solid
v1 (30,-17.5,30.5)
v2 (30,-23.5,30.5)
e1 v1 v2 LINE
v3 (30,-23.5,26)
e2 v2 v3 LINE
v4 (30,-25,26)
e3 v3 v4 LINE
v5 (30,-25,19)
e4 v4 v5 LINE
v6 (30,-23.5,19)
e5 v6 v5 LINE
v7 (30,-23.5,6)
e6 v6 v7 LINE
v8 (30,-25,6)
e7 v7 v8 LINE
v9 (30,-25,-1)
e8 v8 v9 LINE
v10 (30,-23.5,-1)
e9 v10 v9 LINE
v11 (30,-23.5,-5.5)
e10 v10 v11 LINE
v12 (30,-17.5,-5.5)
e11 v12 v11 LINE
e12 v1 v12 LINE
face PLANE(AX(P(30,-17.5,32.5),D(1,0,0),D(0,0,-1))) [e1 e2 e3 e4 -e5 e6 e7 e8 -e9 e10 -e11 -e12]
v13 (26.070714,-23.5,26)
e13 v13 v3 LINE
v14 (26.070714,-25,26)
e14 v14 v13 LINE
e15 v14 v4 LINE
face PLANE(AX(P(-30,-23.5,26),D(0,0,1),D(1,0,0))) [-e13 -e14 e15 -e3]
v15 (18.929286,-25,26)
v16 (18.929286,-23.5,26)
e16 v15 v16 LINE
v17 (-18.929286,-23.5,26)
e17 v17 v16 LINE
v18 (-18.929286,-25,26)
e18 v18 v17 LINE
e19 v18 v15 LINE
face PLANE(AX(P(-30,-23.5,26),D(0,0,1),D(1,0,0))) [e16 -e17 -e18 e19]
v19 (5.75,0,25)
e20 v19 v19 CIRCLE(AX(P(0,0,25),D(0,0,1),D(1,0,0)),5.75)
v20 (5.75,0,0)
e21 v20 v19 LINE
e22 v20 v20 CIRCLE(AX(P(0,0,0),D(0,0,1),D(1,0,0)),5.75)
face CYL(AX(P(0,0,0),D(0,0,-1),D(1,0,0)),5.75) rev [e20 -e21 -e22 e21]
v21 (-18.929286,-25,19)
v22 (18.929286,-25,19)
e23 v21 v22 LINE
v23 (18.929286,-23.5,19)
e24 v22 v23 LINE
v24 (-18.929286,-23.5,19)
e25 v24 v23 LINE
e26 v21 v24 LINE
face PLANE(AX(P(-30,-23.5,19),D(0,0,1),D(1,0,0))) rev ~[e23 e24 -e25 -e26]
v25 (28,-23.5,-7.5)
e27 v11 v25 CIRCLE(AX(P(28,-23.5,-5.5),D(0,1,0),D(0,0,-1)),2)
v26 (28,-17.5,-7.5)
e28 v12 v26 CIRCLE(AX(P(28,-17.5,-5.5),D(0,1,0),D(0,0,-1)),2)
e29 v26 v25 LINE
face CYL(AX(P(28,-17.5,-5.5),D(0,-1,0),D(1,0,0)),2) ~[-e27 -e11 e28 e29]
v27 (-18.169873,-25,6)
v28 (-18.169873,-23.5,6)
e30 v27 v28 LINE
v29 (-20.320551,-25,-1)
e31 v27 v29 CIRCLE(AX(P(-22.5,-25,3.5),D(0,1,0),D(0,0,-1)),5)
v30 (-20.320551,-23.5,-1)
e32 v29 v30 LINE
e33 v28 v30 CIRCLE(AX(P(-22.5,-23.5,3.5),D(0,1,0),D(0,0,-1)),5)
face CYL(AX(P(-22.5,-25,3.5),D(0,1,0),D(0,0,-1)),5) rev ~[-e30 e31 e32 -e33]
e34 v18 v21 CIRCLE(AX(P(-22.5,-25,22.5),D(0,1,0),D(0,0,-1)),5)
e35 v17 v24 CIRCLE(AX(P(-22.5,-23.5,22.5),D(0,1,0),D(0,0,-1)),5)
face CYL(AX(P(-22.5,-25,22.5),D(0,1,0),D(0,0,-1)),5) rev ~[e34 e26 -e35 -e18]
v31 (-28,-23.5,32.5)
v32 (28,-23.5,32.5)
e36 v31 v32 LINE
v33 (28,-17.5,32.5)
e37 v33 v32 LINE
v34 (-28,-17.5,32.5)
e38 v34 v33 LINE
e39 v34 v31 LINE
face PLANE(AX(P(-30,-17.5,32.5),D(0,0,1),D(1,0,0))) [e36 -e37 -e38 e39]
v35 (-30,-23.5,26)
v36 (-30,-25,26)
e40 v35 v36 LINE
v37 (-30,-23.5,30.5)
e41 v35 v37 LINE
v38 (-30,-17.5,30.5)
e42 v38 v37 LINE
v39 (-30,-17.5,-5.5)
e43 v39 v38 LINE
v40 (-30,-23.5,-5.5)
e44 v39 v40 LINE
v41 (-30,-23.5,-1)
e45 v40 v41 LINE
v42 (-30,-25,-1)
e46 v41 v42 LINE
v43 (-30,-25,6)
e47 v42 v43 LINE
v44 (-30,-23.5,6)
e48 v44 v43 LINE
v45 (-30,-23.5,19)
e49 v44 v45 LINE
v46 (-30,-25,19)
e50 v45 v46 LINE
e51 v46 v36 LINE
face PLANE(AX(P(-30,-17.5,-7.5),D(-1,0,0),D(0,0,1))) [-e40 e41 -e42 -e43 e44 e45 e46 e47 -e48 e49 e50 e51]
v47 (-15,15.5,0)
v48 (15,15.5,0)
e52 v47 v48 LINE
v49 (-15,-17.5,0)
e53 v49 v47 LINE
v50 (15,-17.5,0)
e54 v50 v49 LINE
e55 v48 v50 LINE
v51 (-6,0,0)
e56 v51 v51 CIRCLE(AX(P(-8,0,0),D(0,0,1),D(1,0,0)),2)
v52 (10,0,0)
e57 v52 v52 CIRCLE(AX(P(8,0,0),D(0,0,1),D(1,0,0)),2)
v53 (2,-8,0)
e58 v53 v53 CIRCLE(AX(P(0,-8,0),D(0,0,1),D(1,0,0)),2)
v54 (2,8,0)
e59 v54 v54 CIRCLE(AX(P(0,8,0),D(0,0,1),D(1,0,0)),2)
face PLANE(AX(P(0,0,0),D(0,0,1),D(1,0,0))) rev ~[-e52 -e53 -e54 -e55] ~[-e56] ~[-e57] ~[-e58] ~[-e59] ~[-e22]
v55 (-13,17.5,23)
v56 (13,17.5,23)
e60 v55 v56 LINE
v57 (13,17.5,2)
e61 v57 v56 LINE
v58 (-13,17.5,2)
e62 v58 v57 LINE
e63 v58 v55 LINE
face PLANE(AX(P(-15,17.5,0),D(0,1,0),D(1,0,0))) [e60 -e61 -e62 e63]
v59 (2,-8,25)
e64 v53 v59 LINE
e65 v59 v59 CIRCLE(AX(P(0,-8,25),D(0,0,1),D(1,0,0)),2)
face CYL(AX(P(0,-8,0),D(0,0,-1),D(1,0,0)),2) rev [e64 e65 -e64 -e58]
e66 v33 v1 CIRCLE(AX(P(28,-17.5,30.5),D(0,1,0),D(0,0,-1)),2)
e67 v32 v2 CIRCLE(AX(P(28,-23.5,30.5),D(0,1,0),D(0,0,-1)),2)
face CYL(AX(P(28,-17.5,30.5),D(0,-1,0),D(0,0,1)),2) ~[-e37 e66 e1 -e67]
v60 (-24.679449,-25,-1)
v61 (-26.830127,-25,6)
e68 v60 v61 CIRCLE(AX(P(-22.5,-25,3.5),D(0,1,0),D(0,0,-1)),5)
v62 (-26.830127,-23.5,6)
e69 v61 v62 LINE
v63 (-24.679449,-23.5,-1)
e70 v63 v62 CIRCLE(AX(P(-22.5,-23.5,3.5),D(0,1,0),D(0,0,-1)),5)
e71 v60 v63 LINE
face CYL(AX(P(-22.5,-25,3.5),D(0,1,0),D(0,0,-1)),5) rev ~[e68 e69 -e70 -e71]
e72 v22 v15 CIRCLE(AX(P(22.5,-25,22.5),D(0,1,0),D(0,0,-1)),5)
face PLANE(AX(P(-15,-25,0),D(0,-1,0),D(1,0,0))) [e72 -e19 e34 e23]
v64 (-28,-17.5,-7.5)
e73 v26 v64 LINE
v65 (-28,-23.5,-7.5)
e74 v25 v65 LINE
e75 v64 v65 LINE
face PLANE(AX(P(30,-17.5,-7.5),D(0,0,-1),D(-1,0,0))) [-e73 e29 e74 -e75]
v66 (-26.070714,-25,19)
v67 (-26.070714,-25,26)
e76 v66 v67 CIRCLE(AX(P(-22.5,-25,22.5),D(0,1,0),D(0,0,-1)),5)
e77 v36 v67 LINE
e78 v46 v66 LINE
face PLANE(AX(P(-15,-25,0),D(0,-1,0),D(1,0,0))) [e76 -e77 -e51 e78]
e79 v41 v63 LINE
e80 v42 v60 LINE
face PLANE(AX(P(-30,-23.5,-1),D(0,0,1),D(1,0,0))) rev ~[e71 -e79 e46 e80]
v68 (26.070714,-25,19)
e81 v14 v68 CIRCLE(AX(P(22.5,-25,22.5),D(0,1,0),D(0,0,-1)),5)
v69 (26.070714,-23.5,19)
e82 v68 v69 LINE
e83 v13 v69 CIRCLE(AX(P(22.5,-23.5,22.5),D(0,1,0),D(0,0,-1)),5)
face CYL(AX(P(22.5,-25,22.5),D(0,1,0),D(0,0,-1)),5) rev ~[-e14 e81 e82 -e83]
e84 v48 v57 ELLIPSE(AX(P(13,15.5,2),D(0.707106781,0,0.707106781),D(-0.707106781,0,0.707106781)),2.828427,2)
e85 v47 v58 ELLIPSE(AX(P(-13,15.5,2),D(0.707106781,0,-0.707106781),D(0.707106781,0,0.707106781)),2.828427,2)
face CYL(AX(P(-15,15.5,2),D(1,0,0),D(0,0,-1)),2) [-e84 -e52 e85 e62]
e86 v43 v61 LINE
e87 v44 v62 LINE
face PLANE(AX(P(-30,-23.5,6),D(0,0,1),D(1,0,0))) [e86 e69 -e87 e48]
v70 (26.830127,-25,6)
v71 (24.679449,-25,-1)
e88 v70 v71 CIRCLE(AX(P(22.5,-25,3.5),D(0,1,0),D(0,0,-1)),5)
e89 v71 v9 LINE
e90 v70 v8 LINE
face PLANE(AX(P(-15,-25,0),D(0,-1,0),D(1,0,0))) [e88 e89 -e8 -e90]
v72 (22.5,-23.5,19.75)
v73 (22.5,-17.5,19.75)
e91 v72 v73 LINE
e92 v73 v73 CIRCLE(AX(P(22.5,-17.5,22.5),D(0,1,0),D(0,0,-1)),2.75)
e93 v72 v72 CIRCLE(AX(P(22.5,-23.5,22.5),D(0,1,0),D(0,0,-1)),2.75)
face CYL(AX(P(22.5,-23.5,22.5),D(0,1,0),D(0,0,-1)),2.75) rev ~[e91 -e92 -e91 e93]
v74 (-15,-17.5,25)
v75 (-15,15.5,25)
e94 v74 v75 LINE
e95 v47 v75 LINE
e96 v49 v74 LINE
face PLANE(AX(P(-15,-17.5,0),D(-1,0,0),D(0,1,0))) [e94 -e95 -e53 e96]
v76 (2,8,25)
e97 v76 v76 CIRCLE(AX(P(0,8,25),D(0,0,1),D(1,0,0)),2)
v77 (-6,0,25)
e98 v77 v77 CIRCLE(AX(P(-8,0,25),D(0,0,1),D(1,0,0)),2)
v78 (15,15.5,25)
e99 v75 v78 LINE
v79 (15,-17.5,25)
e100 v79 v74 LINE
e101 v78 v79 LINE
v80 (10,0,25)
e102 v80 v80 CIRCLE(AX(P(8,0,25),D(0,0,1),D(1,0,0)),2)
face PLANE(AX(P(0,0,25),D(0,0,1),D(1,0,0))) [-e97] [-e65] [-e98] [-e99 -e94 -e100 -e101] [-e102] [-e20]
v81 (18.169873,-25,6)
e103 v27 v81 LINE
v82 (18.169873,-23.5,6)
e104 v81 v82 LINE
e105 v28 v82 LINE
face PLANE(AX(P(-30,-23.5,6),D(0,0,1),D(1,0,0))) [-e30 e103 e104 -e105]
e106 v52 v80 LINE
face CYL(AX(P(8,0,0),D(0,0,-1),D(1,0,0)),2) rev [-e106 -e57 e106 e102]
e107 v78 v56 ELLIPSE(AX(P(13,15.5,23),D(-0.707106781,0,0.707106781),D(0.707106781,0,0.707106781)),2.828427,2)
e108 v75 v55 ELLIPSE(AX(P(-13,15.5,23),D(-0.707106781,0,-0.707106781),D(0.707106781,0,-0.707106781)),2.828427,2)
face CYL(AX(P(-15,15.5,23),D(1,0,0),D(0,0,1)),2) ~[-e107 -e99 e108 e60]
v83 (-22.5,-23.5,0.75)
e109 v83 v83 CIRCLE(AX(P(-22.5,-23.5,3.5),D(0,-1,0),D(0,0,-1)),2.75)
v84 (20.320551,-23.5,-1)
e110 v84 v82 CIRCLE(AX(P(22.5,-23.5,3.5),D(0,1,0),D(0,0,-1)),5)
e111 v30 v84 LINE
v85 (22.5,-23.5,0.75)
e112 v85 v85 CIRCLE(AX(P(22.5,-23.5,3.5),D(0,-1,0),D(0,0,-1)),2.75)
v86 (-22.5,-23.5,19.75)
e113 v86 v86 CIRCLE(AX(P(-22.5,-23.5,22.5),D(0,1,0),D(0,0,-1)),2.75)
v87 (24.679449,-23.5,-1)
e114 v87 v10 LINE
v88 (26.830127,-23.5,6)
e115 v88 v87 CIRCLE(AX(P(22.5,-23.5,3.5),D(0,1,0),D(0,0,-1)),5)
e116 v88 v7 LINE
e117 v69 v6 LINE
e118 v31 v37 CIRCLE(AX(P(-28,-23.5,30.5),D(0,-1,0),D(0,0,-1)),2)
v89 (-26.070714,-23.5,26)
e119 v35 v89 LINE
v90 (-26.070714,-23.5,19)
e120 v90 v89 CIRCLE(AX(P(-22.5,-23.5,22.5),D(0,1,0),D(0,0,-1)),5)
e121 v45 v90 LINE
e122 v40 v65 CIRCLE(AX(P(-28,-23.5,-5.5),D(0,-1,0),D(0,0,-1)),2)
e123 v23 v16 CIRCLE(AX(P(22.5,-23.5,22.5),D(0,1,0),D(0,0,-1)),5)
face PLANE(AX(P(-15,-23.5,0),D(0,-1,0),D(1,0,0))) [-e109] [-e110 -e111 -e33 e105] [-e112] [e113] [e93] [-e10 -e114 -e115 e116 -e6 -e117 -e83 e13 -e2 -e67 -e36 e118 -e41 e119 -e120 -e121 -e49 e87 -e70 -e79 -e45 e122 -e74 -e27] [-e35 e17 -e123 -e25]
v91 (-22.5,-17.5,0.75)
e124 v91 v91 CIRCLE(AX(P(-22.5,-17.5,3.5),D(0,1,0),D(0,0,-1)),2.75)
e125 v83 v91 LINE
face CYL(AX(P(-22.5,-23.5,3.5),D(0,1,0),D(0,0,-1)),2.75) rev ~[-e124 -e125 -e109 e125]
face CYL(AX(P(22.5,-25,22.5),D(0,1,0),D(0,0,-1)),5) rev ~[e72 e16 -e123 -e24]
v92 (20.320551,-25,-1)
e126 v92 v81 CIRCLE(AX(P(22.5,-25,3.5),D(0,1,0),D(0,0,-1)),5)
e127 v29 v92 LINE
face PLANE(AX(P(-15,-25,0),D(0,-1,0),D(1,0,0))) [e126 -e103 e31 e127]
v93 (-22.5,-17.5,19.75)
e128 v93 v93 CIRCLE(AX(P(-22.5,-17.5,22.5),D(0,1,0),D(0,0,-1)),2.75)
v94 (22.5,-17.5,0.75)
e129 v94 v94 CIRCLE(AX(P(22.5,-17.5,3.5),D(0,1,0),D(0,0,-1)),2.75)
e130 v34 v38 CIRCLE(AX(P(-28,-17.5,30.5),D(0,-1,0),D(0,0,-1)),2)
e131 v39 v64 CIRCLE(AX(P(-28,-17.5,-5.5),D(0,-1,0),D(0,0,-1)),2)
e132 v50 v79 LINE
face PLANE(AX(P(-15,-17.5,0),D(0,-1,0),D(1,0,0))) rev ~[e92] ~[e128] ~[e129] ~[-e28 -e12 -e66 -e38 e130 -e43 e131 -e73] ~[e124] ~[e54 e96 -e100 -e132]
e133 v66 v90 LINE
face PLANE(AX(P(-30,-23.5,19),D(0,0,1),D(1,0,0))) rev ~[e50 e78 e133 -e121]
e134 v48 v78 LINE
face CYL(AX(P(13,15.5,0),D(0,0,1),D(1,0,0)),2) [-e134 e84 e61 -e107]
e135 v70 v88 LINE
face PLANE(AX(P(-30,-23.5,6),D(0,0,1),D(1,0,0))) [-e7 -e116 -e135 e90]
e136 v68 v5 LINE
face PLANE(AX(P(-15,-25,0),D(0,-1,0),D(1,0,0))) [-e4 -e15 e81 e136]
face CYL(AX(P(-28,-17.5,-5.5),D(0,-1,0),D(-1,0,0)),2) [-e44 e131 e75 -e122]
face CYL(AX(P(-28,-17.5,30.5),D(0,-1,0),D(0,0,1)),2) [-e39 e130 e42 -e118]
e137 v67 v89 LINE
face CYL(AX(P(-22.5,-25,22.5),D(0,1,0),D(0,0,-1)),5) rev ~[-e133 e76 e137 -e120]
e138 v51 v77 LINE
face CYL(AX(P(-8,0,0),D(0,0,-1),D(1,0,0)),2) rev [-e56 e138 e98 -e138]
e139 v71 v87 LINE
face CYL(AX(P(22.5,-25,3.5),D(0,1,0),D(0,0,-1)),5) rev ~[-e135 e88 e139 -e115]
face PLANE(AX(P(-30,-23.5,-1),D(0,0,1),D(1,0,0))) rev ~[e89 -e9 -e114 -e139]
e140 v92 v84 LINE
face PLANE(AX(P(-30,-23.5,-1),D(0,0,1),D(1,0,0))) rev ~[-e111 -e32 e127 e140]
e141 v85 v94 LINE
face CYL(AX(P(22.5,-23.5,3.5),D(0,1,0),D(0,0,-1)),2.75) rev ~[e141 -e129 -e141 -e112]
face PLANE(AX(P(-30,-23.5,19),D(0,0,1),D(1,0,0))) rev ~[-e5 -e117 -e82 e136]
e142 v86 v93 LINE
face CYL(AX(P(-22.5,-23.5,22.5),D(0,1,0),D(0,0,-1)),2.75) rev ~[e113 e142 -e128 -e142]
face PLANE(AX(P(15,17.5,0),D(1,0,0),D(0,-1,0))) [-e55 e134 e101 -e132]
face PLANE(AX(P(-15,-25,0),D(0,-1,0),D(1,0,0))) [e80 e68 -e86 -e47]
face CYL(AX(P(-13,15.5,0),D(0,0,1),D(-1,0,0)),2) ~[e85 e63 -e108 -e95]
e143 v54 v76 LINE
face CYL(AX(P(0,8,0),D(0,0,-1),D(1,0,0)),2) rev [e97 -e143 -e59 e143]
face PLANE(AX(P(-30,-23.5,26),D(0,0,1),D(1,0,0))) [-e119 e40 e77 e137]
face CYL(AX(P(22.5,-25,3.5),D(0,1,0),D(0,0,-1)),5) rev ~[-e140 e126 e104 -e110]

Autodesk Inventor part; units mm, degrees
ref_plane "YZ Plane" through (0, 0, 0) normal (1, 0, 0) x (0, 1, 0)
ref_plane "XZ Plane" through (0, 0, 0) normal (0, 1, 0) x (-1, 0, 0)
ref_plane "XY Plane" through (0, 0, 0) normal (0, 0, 1) x (1, 0, 0)
sketch "Sketch1" plane through (0, 0, 0) normal (0, 0, 1) x (1, 0, 0)
  circle A0 centre (0, 0) radius 5.75
  circle A1 centre (0, 8) radius 2
  circle A2 centre (8, 0) radius 2
  circle A3 centre (0, -8) radius 2
  circle A4 centre (-8, 0) radius 2
  line L0 (-15, 17.5) -> (15, 17.5)
  line L1 (15, 17.5) -> (15, -17.5)
  line L2 (15, -17.5) -> (-15, -17.5)
  line L3 (-15, -17.5) -> (-15, 17.5)
  line L4 (-15, 17.5) -> (15, -17.5) construction
  line L5 (15, 17.5) -> (-15, -17.5) construction
  dimension "d0" = 11.5
  dimension "d2" = 4
  dimension "d3" = 4
  dimension "d4" = 4
  dimension "d5" = 4
  dimension "d6" = 30
  dimension "d7" = 35
extrude "Extrusion1" add sketch "Sketch1" along normal blind 25
sketch "Sketch2" plane through (-15, -17.5, 0) normal (0, -1, 0) x (1, 0, 0)
  line L0 (0, 0) -> (0, 25) projected
  line L1 (30, 0) -> (0, 0) projected
  line L2 (0, 25) -> (30, 0)
  line L3 (-15, 32.5) -> (45, 32.5)
  line L4 (45, 32.5) -> (45, -7.5)
  line L5 (45, -7.5) -> (-15, -7.5)
  line L6 (-15, -7.5) -> (-15, 32.5)
  line L7 (-15, 32.5) -> (45, -7.5) construction
  line L8 (45, 32.5) -> (-15, -7.5) construction
  point P0 (15, 0)
  point P1 (15, 12.5)
  dimension "d10" = 60
  dimension "d11" = 40
extrude "Extrusion2" add sketch "Sketch2" along normal blind 6 contours L0 L2 L1 | L3 L4 L5 L6
sketch "Sketch3" plane through (-15, -23.5, 0) normal (0, -1, 0) x (1, 0, 0)
  line L0 (-15, -7.5) -> (-15, 32.5) projected
  line L1 (45, 32.5) -> (45, -7.5) projected
  line L2 (-15, 26) -> (45, 26)
  line L3 (-15, 19) -> (45, 19)
  line L4 (-15, 6) -> (45, 6)
  line L5 (-15, -1) -> (45, -1)
  line L6 (45, 26) -> (45, 19)
  line L7 (45, 6) -> (45, -1)
  line L8 (-15, -1) -> (-15, 6)
  line L9 (-15, 19) -> (-15, 26)
  point P0 (15, 0)
extrude "Extrusion3" add sketch "Sketch3" along normal blind 1.5 contours L0 L4 L1 L5 | L0 L2 L1 L3
sketch "Sketch4" plane through (-15, -25, 0) normal (0, -1, 0) x (1, 0, 0)
  line L0 (-15, 26) -> (45, 26) projected
  line L1 (45, 26) -> (30, 19)
  line L2 (-15, 19) -> (45, 19) projected
  line L3 (30, 0) -> (30, 25) projected
  line L4 (30, 13) -> (5, 13)
  line L5 (5, 0) -> (5, 25) projected
  line L6 (45, -7.5) -> (-15, -7.5) projected
  line L7 (15, -7.5) -> (15, 32.5)
  line L8 (45, 32.5) -> (-15, 32.5) projected
  point P0 (15, 0)
  point P1 (37.5, 22.5)
  point P2 (37.5, 3.5)
  point P3 (-7.5, 22.5)
  point P4 (-7.5, 3.5)
hole "Hole1" at (22.5, -25, 22.5) at (22.5, -25, 3.5) at (-22.5, -25, 22.5) at (-22.5, -25, 3.5) direction (0, 1, 0) diameter 5.5 end through all counterbore diameter 10 counterbore depth 1.5
fillet "Fillet1" radius 2 8 edges at (15, 17.5, 12.5) (0, 17.5, 25) (-15, 17.5, 12.5) (0, 17.5, 0) (-30, -20.5, -7.5) (30, -20.5, -7.5) (30, -20.5, 32.5) (-30, -20.5, 32.5)
properties part number "CarroZ - EixoZ"
